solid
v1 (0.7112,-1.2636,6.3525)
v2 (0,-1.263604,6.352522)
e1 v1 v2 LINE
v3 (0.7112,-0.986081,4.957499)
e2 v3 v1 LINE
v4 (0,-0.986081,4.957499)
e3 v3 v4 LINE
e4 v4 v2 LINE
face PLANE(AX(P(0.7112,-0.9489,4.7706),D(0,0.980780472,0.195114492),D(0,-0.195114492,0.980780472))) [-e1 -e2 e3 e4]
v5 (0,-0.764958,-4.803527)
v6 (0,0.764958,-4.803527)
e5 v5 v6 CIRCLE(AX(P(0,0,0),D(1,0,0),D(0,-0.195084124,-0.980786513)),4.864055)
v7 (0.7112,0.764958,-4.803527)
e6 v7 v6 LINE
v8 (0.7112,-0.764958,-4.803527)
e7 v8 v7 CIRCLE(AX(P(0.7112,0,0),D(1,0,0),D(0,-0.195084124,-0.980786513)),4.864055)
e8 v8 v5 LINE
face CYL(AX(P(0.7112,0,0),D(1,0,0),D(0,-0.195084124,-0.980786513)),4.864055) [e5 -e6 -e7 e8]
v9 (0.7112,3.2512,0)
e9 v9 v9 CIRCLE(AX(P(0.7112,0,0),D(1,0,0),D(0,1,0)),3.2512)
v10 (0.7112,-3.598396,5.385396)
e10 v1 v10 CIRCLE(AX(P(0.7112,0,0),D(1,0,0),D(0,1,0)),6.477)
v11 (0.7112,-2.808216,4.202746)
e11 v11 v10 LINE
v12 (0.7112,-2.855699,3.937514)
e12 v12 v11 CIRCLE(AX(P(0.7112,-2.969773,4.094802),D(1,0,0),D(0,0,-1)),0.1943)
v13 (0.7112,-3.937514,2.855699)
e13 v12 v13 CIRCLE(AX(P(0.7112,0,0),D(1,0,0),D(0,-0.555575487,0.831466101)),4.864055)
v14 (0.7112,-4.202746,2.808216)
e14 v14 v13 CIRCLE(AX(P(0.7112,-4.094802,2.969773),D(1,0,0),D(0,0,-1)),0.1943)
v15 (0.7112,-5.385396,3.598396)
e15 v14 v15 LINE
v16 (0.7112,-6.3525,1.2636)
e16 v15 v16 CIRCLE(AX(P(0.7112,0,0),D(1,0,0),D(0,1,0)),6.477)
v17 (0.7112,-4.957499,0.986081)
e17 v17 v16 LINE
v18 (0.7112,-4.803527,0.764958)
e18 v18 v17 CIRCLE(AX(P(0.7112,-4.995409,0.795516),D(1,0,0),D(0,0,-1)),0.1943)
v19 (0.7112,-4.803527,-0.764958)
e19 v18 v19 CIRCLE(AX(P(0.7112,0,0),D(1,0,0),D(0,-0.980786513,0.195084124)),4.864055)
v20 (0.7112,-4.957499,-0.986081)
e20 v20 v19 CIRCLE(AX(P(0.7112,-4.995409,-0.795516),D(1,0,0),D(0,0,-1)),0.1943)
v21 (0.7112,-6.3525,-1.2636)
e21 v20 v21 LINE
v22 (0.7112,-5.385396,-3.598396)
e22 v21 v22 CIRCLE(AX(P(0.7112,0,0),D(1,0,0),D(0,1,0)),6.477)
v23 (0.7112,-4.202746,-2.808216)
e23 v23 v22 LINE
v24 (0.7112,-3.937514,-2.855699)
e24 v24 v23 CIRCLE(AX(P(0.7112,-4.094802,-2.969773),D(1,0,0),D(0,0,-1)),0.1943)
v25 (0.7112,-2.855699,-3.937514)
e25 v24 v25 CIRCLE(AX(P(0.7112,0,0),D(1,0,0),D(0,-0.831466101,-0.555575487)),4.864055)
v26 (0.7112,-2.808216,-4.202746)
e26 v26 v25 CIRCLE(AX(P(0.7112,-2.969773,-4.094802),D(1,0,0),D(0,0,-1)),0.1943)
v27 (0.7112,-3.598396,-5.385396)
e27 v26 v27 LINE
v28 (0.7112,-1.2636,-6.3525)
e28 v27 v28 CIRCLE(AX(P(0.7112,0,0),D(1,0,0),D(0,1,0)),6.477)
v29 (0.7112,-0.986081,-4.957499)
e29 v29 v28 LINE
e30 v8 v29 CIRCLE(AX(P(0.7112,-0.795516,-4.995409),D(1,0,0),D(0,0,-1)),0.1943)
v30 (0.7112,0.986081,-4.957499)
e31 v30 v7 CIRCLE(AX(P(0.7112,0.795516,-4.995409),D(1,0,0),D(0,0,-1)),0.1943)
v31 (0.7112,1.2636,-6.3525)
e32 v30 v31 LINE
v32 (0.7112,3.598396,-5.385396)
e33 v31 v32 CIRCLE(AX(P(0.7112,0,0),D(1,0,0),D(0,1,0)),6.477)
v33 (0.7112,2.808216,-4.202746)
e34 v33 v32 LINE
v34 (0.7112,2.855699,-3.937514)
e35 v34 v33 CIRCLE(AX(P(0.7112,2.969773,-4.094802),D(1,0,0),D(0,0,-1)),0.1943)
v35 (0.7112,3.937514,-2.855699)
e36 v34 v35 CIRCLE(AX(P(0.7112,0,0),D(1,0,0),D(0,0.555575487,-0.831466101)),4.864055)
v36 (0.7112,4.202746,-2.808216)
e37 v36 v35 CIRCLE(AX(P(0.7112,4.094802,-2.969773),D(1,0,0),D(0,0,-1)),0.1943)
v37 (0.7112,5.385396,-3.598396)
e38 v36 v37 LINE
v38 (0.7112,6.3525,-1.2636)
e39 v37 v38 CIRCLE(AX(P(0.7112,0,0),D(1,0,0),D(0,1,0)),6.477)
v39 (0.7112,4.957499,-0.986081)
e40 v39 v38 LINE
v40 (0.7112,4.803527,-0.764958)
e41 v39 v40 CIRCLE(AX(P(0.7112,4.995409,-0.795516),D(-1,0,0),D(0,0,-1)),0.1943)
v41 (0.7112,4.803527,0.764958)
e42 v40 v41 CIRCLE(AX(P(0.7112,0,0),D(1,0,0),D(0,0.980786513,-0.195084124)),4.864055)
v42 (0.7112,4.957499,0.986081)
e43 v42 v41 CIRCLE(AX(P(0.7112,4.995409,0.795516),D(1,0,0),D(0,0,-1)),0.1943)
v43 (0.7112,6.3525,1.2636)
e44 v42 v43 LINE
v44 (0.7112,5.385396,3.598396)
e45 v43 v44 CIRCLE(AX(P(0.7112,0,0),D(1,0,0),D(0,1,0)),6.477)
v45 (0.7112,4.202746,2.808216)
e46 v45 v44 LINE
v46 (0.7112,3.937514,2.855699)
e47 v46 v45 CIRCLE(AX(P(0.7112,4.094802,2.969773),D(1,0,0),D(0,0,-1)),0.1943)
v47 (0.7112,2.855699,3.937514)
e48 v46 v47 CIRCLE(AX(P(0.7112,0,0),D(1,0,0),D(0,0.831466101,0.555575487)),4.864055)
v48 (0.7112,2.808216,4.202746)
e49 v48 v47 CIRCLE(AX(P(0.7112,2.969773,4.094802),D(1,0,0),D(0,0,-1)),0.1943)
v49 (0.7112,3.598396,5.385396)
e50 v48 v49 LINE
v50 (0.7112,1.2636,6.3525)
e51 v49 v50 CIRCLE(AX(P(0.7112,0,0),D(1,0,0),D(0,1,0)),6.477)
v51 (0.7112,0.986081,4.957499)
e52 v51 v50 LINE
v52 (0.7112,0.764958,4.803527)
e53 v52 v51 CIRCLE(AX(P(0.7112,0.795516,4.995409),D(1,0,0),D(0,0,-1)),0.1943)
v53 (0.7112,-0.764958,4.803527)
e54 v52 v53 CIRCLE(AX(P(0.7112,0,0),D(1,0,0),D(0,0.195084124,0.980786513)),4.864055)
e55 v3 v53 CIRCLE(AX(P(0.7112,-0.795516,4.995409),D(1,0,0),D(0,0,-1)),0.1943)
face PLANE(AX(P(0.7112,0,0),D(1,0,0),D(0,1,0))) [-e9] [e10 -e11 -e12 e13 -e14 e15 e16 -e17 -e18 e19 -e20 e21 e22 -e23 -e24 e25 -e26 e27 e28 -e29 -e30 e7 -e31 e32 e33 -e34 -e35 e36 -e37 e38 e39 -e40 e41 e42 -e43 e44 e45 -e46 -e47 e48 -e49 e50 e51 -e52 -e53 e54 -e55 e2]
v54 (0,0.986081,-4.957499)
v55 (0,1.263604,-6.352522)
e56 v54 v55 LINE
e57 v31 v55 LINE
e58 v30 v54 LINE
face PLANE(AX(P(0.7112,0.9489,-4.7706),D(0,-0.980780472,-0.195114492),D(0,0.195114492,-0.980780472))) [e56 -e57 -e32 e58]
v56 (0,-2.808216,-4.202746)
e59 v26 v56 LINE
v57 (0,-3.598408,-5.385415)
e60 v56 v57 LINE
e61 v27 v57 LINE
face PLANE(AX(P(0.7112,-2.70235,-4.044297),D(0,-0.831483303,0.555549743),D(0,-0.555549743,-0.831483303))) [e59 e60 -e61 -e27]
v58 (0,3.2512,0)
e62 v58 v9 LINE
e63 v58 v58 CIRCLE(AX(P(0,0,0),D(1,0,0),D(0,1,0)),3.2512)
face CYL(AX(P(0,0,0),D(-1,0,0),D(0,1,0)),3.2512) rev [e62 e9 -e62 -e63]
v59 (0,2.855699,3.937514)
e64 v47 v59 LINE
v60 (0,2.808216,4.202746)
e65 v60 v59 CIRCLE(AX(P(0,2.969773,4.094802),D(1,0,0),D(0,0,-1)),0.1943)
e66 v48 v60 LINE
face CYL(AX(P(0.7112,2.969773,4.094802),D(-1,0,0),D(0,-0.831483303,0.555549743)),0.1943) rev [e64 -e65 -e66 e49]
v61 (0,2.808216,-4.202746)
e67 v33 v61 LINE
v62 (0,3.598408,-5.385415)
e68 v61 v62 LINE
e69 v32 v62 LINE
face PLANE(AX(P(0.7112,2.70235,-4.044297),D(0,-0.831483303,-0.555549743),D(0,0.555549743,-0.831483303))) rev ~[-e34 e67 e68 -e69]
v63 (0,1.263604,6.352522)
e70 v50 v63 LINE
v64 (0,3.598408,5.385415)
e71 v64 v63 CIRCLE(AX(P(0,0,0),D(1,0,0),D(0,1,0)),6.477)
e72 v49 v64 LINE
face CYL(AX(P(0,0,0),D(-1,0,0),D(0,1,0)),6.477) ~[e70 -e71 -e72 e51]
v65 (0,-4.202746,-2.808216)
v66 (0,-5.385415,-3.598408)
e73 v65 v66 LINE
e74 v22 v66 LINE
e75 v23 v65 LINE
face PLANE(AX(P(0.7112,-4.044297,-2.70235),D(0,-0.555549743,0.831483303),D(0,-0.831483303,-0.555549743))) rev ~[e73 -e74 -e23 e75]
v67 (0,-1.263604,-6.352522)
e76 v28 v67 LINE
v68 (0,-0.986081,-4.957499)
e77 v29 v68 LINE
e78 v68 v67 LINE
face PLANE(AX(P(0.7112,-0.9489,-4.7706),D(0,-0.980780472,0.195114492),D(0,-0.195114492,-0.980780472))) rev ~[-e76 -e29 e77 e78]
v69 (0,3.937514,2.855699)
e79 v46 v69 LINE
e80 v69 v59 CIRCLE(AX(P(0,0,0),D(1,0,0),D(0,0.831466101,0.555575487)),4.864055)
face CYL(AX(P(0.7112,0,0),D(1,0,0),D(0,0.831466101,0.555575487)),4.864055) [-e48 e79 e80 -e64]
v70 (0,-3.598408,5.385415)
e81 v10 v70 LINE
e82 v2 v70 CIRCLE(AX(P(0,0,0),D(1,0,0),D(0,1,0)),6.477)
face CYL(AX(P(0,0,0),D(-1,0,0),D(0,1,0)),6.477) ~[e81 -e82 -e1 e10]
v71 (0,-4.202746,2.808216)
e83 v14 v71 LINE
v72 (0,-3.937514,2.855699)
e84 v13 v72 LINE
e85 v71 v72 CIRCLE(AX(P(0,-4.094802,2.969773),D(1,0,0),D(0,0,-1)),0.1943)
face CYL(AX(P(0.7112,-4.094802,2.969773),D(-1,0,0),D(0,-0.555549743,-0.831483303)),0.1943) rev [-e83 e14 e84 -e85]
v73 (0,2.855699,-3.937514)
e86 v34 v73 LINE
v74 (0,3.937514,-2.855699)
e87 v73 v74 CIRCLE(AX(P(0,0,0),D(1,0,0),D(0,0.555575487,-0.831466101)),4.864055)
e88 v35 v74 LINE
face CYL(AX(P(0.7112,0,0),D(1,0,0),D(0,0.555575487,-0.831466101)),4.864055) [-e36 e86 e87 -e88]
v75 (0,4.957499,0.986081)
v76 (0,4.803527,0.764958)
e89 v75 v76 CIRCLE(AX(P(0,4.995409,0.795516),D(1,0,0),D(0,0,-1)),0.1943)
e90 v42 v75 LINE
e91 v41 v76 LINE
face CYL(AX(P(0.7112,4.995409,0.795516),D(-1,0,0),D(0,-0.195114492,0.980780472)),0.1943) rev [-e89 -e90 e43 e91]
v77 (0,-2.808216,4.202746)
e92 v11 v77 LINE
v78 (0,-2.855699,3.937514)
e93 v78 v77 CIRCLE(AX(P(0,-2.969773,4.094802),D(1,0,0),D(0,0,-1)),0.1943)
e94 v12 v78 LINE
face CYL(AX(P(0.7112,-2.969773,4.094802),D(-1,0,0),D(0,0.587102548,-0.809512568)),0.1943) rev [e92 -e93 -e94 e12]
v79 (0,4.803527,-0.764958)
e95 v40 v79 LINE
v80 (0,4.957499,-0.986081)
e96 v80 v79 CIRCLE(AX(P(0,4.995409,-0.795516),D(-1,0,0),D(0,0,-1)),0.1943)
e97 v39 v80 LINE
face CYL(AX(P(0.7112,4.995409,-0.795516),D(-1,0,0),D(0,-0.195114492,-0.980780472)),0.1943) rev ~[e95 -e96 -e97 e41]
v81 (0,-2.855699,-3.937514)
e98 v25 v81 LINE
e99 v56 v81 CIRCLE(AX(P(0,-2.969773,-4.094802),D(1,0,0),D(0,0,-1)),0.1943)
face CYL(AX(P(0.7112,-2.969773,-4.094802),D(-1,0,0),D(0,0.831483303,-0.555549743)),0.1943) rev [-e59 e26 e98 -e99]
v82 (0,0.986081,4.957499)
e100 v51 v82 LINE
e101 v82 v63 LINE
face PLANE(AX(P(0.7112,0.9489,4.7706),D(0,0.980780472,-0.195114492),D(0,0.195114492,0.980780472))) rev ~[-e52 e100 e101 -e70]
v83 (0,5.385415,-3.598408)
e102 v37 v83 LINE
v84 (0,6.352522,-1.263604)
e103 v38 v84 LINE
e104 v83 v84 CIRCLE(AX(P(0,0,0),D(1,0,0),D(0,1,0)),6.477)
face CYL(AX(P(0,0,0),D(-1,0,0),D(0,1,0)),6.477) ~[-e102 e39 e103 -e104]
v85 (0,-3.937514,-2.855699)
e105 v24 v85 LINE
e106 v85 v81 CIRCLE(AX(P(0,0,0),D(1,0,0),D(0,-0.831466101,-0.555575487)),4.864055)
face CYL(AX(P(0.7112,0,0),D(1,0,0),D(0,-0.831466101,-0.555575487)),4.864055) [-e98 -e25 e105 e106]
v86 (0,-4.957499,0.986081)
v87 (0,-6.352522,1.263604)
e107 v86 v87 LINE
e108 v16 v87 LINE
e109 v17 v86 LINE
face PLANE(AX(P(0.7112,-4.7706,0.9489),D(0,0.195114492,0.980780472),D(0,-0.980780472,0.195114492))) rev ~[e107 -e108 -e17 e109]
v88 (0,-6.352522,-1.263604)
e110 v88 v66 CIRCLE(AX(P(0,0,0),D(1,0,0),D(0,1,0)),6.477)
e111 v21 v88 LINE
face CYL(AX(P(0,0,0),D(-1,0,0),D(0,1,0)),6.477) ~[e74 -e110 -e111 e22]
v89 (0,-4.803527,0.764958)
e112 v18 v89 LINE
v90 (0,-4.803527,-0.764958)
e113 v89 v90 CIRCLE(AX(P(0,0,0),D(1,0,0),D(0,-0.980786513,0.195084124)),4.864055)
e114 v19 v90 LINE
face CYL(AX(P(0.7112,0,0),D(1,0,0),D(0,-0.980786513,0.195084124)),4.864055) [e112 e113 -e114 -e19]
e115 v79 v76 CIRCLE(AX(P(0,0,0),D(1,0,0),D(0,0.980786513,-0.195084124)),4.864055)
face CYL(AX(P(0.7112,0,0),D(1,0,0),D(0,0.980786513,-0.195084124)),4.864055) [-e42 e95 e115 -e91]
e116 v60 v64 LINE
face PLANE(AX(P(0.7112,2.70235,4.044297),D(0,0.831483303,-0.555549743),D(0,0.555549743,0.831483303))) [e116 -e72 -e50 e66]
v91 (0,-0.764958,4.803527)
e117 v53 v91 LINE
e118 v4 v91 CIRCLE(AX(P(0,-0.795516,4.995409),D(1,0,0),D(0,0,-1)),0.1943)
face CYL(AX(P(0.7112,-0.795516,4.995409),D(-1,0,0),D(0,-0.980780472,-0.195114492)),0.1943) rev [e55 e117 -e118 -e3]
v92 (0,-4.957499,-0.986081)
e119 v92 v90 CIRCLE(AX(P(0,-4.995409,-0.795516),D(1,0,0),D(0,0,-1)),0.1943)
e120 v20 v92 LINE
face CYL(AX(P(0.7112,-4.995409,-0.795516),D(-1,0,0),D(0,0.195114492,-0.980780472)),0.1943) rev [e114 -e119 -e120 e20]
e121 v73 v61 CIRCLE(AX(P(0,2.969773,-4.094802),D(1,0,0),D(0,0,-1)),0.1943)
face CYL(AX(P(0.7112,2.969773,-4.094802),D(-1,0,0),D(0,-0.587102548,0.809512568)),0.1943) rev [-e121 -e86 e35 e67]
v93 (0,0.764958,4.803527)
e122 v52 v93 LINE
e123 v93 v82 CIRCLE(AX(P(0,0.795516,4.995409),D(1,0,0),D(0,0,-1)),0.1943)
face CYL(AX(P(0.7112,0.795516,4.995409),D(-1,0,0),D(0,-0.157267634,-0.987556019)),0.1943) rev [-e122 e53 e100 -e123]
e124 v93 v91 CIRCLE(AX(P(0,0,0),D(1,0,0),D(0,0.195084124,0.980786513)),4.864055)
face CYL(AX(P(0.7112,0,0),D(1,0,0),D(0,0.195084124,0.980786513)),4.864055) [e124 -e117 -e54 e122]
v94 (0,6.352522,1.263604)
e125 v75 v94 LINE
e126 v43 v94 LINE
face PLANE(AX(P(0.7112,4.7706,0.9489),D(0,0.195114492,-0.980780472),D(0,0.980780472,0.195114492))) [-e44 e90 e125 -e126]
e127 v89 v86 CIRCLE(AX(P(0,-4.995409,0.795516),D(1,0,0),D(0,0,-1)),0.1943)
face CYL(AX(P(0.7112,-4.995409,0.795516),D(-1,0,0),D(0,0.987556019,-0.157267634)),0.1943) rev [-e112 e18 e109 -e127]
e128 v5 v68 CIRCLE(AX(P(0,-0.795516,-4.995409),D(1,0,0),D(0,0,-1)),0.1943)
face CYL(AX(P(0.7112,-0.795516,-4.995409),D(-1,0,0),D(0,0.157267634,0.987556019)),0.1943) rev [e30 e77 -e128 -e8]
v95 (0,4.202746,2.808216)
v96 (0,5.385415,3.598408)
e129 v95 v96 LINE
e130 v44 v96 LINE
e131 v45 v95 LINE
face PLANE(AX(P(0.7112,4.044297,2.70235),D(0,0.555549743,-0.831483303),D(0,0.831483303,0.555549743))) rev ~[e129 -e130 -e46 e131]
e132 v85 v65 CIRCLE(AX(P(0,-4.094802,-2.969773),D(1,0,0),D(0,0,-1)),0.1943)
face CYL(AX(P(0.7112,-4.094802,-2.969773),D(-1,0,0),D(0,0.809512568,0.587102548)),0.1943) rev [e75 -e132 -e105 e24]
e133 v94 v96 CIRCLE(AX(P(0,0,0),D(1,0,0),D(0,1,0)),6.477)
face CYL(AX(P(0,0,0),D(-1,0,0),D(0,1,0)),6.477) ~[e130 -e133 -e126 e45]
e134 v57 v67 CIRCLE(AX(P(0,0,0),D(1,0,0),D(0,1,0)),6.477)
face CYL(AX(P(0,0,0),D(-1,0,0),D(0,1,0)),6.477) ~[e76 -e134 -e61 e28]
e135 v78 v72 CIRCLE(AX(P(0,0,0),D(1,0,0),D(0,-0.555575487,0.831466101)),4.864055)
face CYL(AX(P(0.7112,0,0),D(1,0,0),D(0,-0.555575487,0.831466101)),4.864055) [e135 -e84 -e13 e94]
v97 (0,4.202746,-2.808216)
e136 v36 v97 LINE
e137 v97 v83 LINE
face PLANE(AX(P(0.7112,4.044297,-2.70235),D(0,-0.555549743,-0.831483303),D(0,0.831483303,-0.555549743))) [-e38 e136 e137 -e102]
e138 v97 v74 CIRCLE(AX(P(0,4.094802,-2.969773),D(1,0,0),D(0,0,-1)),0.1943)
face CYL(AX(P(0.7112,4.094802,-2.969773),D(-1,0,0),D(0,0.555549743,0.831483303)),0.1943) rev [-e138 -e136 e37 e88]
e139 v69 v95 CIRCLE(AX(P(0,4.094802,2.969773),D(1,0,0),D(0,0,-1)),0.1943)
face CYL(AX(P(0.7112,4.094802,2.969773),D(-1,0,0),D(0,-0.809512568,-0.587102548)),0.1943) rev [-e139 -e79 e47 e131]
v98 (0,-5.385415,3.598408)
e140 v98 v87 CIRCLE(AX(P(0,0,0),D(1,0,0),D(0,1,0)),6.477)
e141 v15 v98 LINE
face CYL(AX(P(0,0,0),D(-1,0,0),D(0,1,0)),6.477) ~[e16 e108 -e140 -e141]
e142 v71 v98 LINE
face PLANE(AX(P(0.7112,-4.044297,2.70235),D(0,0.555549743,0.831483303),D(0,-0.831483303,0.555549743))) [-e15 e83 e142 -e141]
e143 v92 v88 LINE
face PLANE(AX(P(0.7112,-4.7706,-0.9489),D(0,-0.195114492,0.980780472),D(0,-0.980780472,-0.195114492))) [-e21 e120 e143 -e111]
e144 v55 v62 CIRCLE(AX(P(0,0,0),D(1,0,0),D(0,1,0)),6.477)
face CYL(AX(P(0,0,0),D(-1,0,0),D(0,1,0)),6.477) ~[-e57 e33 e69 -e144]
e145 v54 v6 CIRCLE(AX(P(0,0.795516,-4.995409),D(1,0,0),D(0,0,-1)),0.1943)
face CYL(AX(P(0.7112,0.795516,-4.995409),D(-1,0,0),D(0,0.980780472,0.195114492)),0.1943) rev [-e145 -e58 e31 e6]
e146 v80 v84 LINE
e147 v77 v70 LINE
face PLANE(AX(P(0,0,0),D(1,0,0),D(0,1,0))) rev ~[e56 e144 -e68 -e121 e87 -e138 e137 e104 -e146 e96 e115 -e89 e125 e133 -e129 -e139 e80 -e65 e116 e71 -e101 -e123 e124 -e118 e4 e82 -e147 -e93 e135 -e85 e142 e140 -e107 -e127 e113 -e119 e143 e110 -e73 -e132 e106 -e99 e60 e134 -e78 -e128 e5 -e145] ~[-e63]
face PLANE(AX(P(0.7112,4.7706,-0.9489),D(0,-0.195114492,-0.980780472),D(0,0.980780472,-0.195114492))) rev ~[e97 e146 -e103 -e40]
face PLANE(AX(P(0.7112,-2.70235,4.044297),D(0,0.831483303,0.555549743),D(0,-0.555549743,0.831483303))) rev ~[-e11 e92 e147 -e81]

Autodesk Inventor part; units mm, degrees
ref_plane "YZ Plane" through (0, 0, 0) normal (1, 0, 0) x (0, 1, 0)
ref_plane "XZ Plane" through (0, 0, 0) normal (0, 1, 0) x (-1, 0, 0)
ref_plane "XY Plane" through (0, 0, 0) normal (0, 0, 1) x (1, 0, 0)
sketch "Sketch1" plane through (0, 0, 0) normal (1, 0, 0) x (0, 1, 0)
  circle A0 centre (0, 0) radius 6.477
  circle A1 centre (0, 0) radius 3.2512
  dimension "d0" = 12.954
  dimension "d1" = 6.5024
extrude "Body" add sketch "Sketch1" along normal blind 0.7112
sketch "Sketch2" plane through (0.7112, 0, 0) normal (1, 0, 0) x (0, 0, -1)
  circle A0 centre (0, 0) radius 6.477 projected
  line L0 (0, 0) -> (0, 6.477) construction
  arc A1 (1.2636, 6.3525) -> (-1.2636, 6.3525) centre (0, 0) ccw
  arc A2 (0.9489, 4.7706) -> (-0.9489, 4.7706) centre (0, 0) ccw
  line L1 (-0.9489, 4.7706) -> (-1.2636, 6.3525)
  line L2 (0.9489, 4.7706) -> (1.2636, 6.3525)
  line L3 (-0.9489, 4.7706) -> (0, 0) construction
  line L4 (0, 0) -> (0.9489, 4.7706) construction
  dimension "d4" = 22.5
  dimension "d5" = 9.7282
extrude "Cut" cut sketch "Sketch2" against normal through all contours L2 A2 L1 A0 picked at (-0.106, 5.9266)
fillet "Fillet1" radius 0.1943 2 edges at (0.3556, 4.7706, 0.9489) (0.3556, 4.7706, -0.9489)
pattern_circular "Cuts" count 8 over 360 about axis through (0, 0, 0) along (1, 0, 0) of "Cut", "Fillet1"
equation "\"d0\" = SD2"
equation "\"d1\" = SD1"
equation "\"d2\" = SD"
equation "\"d5\" = 0.5 * SD2 + 0.5 * SD1"
equation "\"d6\" = SD"
equation "\"d8\" = 0.015 * SD2"
equation "\"SD\" = 0.7112"
equation "\"SD1\" = 6.5024"
equation "\"SD2\" = 12.954"
equation "\"NND\" = 6.35"
properties part number "ASME B18.21.1 - 1/4. Carbon Steel" material "Steel, Mild"
